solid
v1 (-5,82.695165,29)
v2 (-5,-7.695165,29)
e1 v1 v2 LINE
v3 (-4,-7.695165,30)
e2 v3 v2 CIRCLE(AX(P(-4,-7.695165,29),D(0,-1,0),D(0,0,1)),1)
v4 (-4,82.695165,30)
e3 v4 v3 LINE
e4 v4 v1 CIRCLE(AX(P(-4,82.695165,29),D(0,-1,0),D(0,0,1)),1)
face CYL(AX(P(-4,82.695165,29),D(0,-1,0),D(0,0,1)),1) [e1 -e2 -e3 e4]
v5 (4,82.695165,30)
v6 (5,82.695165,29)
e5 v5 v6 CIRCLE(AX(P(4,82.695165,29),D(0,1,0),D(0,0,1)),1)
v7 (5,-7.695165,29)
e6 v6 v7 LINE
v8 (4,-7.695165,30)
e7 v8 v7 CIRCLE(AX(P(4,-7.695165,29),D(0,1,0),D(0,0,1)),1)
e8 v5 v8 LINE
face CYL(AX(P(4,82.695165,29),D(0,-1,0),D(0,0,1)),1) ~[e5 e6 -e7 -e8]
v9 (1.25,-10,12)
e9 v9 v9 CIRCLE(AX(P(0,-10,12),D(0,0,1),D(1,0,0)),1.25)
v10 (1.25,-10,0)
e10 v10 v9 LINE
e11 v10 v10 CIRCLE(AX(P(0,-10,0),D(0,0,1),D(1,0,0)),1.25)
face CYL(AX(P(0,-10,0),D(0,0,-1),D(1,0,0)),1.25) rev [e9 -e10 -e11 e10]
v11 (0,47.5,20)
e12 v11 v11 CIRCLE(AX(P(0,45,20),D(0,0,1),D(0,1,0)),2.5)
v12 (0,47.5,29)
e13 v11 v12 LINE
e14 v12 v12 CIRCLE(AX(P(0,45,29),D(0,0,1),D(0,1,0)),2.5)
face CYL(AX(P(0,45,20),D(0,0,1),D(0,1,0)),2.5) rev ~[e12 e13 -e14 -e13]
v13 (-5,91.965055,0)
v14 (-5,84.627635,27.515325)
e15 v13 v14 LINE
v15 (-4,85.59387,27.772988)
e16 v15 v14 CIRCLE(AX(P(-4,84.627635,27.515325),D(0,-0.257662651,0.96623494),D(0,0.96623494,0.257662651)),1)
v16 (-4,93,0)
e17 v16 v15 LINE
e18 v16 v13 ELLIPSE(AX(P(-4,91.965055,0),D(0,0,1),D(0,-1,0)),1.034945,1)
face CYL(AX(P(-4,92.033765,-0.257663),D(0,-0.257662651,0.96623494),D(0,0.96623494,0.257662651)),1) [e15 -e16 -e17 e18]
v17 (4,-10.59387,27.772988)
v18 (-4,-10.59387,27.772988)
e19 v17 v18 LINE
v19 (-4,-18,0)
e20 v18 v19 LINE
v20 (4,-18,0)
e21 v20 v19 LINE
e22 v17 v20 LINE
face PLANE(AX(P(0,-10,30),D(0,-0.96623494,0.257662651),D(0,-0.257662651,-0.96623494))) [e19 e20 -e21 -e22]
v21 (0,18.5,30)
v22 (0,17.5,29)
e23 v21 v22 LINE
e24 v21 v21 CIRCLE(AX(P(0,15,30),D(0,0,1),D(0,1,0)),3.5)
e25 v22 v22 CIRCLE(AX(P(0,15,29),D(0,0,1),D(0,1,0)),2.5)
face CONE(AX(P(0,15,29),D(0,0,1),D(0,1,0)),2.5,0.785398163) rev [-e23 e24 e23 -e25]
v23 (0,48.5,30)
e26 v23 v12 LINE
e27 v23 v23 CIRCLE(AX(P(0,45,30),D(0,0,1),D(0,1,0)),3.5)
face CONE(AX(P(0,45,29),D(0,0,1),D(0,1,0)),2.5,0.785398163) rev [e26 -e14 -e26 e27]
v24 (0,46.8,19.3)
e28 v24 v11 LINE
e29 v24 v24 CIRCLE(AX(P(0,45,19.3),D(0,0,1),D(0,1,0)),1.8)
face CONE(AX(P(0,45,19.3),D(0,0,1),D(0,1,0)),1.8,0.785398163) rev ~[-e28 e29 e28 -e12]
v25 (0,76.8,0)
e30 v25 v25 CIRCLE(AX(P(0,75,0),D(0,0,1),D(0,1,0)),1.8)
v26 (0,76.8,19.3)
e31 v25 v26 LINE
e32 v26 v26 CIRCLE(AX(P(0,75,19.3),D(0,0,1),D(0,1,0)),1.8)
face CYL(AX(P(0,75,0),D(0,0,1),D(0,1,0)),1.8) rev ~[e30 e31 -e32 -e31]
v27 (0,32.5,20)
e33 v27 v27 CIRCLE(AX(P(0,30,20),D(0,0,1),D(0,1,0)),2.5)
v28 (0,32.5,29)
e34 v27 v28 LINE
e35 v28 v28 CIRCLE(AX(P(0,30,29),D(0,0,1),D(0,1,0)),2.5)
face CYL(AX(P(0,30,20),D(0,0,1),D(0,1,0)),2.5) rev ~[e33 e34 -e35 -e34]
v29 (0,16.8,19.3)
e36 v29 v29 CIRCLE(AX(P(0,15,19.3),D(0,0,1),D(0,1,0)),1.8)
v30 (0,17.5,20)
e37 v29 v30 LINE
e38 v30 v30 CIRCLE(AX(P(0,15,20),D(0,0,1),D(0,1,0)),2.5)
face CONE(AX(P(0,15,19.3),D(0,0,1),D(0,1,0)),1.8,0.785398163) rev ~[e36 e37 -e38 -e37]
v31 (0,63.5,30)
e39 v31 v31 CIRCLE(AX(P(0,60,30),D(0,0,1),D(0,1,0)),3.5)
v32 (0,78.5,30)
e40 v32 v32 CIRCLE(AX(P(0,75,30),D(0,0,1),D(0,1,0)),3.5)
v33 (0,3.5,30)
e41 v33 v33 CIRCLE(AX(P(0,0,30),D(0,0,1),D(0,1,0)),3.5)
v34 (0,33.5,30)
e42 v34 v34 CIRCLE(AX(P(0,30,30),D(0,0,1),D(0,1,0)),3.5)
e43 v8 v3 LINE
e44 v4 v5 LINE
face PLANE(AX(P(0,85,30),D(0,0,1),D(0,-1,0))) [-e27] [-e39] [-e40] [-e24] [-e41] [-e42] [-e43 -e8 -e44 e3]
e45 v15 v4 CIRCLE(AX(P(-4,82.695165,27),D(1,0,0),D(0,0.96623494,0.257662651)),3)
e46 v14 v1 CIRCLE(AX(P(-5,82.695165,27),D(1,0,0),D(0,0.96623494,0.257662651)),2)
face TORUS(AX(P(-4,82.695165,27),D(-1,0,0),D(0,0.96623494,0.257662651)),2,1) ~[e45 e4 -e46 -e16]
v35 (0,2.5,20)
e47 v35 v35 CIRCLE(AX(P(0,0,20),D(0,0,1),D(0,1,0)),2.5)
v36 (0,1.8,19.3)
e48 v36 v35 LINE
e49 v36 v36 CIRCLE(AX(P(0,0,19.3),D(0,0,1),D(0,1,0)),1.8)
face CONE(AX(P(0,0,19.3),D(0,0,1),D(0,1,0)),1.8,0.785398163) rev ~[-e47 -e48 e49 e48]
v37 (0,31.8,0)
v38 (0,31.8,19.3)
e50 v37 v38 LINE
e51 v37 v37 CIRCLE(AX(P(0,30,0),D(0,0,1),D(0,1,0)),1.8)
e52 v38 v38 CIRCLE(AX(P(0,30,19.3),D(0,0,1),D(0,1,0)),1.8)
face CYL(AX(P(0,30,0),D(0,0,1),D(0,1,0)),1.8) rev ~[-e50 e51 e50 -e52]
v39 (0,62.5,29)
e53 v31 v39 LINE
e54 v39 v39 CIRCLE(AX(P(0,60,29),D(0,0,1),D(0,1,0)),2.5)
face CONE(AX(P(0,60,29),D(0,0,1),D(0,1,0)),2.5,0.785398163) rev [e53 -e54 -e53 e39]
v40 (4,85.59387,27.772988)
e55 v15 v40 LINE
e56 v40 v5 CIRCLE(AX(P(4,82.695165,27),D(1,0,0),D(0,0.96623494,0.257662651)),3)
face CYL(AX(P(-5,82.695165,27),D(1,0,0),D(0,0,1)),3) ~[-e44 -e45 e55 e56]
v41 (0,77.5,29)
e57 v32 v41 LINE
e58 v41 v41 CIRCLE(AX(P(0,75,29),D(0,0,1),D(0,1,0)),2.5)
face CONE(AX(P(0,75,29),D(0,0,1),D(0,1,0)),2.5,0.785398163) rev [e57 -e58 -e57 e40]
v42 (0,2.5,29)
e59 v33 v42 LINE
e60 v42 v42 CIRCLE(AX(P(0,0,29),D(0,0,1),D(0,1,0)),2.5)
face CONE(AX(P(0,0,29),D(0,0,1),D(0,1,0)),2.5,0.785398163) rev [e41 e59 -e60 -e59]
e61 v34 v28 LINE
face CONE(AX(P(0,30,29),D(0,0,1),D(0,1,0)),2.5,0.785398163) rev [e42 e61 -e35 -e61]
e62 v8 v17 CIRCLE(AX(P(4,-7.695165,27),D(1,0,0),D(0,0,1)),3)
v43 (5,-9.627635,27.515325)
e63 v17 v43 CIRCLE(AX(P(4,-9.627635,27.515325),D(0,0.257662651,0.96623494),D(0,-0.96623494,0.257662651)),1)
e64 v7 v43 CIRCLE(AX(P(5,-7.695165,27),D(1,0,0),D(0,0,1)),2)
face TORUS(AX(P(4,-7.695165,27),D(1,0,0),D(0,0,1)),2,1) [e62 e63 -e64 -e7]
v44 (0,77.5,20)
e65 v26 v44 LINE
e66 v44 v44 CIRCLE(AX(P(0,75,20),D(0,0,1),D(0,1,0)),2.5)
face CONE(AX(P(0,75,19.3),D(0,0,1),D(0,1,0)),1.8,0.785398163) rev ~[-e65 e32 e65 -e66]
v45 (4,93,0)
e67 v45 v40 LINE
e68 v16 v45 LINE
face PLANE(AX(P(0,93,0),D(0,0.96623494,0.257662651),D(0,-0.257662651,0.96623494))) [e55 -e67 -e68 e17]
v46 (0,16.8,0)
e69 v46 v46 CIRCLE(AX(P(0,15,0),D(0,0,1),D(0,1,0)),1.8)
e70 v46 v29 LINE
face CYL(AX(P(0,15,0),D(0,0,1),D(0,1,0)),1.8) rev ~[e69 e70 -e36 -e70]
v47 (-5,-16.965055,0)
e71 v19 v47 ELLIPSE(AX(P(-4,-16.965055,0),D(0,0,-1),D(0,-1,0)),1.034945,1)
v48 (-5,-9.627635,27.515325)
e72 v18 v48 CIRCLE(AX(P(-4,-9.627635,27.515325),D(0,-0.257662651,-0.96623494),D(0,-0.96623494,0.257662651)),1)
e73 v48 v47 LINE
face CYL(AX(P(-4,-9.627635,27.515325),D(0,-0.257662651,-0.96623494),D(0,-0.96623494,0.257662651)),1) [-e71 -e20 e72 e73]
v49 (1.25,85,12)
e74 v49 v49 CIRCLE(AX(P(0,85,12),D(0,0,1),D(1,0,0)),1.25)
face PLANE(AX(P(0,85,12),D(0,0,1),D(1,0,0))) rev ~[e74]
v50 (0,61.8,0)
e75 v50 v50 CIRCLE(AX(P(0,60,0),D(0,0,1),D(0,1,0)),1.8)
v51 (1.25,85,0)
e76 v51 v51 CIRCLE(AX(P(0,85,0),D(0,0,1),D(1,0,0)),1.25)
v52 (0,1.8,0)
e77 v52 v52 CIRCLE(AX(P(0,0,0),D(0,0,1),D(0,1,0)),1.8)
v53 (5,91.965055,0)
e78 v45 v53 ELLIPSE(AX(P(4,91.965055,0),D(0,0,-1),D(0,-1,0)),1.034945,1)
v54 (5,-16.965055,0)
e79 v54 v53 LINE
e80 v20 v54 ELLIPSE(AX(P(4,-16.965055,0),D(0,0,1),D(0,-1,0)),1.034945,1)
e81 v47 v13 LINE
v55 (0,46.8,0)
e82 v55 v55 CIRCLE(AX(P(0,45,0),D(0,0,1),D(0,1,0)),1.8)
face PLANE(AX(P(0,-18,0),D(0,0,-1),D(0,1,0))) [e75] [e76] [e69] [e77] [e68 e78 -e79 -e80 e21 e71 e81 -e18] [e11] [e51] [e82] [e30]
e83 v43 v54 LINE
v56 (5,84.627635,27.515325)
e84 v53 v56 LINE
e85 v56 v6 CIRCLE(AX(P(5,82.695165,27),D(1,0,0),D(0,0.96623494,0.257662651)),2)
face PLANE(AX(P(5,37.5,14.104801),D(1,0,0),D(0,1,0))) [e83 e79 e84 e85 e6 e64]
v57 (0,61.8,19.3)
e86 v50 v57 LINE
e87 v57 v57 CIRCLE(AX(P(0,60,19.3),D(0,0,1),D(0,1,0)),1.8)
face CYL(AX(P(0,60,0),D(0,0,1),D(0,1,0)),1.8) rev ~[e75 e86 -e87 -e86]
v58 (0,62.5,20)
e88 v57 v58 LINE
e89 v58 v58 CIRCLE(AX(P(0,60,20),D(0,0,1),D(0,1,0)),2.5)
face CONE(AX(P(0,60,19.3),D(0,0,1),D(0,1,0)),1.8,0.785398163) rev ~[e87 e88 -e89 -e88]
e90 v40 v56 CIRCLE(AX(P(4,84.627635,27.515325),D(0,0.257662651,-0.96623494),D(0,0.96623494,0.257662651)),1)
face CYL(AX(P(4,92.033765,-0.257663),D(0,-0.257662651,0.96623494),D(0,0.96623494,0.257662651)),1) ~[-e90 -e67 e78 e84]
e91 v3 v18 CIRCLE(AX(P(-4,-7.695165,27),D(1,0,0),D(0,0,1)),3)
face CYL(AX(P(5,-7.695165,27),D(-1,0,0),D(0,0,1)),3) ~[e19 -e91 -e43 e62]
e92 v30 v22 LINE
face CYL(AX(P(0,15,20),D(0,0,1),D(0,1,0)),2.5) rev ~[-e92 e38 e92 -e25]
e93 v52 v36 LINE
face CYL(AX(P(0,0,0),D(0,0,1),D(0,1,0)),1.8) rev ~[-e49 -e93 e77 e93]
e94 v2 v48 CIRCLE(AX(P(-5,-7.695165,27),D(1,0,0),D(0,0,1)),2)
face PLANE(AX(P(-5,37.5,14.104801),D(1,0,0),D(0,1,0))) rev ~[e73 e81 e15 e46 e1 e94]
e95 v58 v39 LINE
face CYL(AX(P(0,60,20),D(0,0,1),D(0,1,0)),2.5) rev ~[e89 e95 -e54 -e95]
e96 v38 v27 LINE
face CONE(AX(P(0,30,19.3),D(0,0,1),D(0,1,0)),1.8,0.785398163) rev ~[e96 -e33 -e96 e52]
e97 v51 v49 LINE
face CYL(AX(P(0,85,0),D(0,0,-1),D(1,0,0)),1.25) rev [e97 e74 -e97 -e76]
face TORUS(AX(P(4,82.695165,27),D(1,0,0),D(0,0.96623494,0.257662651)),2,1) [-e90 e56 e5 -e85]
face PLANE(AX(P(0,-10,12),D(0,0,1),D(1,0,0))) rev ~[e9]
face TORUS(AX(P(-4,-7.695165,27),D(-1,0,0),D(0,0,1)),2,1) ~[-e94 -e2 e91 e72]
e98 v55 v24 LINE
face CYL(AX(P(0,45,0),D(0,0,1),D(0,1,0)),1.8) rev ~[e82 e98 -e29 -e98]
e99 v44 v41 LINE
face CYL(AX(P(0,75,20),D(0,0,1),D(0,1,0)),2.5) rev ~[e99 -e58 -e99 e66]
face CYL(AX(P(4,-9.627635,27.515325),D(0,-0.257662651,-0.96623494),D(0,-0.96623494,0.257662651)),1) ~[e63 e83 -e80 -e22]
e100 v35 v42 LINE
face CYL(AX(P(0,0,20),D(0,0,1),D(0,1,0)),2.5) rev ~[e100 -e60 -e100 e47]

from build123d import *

# Parameters (mm, degrees)
PAD012_DEPTH           = 5
LINEARPATTERN002_COUNT = 6
LINEARPATTERN002_PITCH = 15
SKETCH031_R            = 1.25
POCKET011_DEPTH        = 12
CHAMFER004_SIZE        = 1
FILLET004_R            = 3
FILLET005_R            = 1


with BuildPart() as part:
    # Sketch029 → Pad012 (new body, symmetric)
    with BuildSketch(Plane.YZ):
        Polygon((-18, 0), (93, 0), (85, 30), (-10, 30), align=None)
    extrude(amount=PAD012_DEPTH, both=True)

    # Sketch030 → Groove (revolve, cut)
    with BuildSketch(Plane.YZ):
        Polygon((0, 0), (1.8, 0), (1.8, 19.3), (2.5, 20), (2.5, 30), (0, 30), align=None)
    groove = revolve(axis=Axis((0, 0, 0), (0, 0, 1)), mode=Mode.SUBTRACT)

    # LinearPattern002: Groove ×6
    with Locations(*[(0, i * LINEARPATTERN002_PITCH, 0) for i in range(1, LINEARPATTERN002_COUNT)]):
        add(groove, mode=Mode.SUBTRACT)

    # Sketch031 → Pocket011 (cut)
    with BuildSketch(Plane.XY):
        with Locations((0, 85)):
            Circle(SKETCH031_R)
        with Locations((0, -10)):
            Circle(SKETCH031_R)
    extrude(amount=POCKET011_DEPTH, mode=Mode.SUBTRACT)

    # Chamfer004
    chamfer004_edges = [part.edges().sort_by_distance(p)[0] for p in [
        (0, -2.5, 30),
        (0, 12.5, 30),
        (0, 27.5, 30),
        (0, 42.5, 30),
        (0, 57.5, 30),
        (0, 72.5, 30),
    ]]
    chamfer(chamfer004_edges, length=CHAMFER004_SIZE)

    # Fillet004
    fillet004_edges = [part.edges().sort_by_distance(p)[0] for p in [
        (0, -10, 30),
        (0, 85, 30),
    ]]
    fillet(fillet004_edges, radius=FILLET004_R)

    # Fillet005
    fillet005_edges = [part.edges().sort_by_distance(p)[0] for p in [
        (5, -9.522873, 29.378967),
        (-5, 37.5, 30),
    ]]
    fillet(fillet005_edges, radius=FILLET005_R)


solid = part.part
